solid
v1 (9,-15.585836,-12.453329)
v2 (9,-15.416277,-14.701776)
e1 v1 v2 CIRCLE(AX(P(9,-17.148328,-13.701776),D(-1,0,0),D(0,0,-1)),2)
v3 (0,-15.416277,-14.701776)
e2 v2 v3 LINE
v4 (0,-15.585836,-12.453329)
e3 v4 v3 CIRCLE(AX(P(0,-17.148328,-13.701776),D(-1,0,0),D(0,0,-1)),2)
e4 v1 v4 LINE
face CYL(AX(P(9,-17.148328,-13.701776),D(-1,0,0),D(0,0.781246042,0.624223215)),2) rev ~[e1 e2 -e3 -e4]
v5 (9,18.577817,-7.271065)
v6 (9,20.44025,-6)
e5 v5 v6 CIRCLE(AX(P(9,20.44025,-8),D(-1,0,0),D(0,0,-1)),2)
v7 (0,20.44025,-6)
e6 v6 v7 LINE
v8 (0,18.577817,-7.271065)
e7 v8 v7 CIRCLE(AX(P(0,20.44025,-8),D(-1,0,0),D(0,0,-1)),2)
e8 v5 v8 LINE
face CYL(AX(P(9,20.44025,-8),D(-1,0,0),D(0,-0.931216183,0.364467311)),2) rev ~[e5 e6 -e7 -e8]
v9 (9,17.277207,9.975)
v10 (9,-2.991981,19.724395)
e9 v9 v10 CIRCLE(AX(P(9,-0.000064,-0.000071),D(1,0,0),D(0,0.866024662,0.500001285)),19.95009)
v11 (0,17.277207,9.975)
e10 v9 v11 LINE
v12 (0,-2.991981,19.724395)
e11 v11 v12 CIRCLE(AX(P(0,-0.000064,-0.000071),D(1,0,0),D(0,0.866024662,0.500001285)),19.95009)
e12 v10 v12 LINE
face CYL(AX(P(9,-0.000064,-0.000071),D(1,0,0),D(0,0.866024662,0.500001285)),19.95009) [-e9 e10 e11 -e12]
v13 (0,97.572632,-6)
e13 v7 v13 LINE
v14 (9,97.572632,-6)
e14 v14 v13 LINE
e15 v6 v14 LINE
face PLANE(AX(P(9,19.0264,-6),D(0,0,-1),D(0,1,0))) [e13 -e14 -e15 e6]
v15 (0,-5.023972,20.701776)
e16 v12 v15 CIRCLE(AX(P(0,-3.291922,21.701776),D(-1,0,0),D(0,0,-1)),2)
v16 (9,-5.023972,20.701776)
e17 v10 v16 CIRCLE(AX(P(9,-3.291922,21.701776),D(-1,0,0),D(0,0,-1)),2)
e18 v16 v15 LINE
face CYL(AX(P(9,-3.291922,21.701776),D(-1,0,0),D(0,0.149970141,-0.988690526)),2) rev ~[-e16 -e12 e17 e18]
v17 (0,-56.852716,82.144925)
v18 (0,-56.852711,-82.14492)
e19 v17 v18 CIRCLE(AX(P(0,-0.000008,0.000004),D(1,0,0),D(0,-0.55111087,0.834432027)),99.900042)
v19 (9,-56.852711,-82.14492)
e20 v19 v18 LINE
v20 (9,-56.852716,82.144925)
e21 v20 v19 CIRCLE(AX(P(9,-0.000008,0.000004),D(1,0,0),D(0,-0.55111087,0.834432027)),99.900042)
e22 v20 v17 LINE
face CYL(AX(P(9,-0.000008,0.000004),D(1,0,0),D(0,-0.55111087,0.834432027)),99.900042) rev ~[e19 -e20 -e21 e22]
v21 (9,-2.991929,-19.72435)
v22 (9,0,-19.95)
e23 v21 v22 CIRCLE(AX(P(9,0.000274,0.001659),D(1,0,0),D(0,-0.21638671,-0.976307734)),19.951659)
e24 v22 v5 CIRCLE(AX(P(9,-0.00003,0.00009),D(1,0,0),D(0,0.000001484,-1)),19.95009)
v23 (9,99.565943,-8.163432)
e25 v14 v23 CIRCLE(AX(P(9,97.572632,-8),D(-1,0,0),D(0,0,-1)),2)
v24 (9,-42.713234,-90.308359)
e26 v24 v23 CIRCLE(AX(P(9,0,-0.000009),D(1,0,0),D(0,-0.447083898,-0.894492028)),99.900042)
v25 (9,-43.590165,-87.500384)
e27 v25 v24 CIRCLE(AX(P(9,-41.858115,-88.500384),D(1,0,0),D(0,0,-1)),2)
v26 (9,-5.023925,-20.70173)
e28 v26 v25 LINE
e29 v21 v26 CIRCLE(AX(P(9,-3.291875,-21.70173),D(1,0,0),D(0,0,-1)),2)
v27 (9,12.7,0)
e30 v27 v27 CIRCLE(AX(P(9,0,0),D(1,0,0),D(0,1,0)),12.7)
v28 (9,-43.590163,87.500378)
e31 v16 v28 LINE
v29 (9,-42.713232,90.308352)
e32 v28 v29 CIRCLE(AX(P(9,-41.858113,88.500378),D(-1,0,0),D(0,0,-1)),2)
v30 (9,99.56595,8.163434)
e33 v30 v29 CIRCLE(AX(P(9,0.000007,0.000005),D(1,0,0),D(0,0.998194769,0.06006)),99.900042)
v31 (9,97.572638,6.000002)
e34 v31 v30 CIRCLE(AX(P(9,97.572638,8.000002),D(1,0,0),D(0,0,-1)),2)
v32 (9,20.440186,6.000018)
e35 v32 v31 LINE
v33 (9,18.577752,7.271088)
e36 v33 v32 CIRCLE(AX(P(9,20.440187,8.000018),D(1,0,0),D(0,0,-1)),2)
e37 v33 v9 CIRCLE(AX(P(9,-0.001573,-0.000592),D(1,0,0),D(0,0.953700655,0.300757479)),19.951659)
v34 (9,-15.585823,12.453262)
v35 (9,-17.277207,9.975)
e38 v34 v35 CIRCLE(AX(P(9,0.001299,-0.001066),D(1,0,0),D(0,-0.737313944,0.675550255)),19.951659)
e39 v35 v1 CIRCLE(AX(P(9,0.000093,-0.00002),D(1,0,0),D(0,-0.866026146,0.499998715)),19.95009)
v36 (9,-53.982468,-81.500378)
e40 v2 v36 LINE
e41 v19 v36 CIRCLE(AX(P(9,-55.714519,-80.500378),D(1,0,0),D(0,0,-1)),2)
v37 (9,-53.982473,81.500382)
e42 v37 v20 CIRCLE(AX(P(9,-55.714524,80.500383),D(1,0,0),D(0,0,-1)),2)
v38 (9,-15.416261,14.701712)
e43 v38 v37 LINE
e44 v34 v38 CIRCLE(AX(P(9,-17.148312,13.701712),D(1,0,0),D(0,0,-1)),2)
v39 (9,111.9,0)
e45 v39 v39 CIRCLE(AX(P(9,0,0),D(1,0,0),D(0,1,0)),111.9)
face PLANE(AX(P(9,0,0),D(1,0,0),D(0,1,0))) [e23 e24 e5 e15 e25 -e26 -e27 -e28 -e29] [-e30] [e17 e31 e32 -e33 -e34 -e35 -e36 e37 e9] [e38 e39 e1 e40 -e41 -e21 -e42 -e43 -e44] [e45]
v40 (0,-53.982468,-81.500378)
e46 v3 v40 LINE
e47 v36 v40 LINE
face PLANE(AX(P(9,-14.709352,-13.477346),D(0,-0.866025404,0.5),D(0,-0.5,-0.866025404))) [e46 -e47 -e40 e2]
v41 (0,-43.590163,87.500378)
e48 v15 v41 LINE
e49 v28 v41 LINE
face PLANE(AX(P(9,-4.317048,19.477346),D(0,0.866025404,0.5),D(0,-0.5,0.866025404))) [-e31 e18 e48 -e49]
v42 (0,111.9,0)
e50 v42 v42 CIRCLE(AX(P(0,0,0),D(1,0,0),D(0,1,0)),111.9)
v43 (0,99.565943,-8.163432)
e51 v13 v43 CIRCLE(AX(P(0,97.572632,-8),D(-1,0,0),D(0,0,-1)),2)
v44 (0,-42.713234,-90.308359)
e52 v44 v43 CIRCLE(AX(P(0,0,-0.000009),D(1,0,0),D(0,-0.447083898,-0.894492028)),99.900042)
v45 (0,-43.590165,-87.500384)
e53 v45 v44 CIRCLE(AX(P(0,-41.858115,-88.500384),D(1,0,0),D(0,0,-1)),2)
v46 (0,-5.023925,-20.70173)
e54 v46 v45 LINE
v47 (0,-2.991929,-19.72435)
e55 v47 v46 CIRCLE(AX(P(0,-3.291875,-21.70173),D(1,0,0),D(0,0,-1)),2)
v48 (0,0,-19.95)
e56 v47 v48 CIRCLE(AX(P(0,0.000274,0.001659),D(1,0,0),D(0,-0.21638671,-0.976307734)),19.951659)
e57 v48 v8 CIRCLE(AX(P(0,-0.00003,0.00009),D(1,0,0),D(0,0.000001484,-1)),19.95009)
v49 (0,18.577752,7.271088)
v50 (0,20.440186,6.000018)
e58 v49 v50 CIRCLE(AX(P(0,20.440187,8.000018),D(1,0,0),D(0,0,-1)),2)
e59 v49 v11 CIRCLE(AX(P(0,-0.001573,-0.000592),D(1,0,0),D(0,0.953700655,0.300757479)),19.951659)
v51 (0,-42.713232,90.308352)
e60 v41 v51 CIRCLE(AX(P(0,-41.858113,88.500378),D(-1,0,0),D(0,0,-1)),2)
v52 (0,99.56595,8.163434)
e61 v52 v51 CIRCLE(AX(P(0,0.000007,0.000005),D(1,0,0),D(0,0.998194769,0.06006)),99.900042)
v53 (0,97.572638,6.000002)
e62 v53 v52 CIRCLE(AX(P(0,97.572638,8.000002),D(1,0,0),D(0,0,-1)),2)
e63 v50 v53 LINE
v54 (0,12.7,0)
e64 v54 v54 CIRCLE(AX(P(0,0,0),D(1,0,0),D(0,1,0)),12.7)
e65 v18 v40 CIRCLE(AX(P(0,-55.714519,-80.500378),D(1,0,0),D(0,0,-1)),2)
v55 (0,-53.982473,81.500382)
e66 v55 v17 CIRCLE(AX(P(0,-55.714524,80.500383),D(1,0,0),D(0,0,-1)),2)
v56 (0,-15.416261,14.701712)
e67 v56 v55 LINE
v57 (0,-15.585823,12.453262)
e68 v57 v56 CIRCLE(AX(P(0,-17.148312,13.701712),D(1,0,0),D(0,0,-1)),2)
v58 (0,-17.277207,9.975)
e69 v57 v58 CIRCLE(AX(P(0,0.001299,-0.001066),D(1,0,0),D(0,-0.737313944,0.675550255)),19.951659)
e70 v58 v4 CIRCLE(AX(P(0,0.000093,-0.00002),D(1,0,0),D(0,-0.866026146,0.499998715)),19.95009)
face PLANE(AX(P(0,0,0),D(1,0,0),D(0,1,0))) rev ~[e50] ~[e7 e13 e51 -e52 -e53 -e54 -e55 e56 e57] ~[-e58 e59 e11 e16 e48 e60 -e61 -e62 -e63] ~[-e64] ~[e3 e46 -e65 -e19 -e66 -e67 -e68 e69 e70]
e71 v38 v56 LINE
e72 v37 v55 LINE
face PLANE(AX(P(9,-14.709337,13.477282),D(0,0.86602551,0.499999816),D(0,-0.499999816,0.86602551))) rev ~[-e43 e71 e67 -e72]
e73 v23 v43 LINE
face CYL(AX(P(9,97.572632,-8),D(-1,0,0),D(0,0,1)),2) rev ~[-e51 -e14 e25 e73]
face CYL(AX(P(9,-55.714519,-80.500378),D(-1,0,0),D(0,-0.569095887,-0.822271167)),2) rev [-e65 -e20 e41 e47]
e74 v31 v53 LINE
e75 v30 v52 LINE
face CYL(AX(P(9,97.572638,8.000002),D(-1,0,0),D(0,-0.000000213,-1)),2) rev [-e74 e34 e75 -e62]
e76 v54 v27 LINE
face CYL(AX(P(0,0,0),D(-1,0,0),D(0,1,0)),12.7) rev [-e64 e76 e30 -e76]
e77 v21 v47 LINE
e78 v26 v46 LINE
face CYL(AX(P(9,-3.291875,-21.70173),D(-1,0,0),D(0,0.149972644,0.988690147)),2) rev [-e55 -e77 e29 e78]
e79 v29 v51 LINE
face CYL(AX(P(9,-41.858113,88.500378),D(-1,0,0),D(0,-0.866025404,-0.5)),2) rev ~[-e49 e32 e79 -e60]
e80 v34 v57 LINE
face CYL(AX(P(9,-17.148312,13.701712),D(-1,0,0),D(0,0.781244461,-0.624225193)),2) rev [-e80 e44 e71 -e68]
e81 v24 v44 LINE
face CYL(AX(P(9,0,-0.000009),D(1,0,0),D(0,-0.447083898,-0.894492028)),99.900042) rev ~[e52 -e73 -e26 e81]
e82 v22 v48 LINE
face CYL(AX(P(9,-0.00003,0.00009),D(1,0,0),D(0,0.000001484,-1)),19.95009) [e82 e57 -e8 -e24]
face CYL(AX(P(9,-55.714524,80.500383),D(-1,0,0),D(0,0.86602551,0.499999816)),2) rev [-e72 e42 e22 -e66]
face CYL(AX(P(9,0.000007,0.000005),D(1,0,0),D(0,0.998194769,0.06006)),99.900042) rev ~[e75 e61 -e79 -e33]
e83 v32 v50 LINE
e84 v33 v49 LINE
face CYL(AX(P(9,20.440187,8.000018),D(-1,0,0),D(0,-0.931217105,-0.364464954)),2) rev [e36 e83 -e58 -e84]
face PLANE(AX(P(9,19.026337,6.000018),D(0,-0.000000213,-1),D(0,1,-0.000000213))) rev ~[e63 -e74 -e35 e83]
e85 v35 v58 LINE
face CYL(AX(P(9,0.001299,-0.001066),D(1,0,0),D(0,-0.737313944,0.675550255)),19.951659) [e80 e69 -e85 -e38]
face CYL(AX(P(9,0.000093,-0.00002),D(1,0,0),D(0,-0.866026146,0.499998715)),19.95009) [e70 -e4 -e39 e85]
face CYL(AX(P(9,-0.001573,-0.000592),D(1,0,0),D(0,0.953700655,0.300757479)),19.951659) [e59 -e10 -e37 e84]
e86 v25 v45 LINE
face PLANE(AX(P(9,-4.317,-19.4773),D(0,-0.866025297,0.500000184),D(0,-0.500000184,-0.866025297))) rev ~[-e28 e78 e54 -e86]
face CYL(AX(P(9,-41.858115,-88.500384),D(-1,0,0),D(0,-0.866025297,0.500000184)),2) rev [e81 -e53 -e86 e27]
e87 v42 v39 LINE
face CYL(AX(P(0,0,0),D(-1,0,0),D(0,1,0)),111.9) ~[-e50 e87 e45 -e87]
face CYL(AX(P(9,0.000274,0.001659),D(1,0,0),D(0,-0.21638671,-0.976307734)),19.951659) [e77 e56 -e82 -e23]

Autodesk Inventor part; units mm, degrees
ref_plane "YZ Plane" through (0, 0, 0) normal (1, 0, 0) x (0, 1, 0)
ref_plane "XZ Plane" through (0, 0, 0) normal (0, 1, 0) x (-1, 0, 0)
ref_plane "XY Plane" through (0, 0, 0) normal (0, 0, 1) x (1, 0, 0)
sketch "Sketch1" plane through (0, 0, 0) normal (1, 0, 0) x (0, 1, 0)
  circle A0 centre (0, 0) radius 12.7
  circle A1 centre (0, 0) radius 111.9
  dimension "D_eje" = 25.4
  dimension "d1" = 223.8
extrude "Extrusion1" add sketch "Sketch1" along normal blind 9
sketch "Sketch2" plane through (9, 0, 0) normal (1, 0, 0) x (0, 0, -1)
  line L0 (6, 19.0264) -> (6, 99.7197)
  line L1 (0, -188.1875) -> (0, 173.8632) construction
  arc A0 (0, 19.95) -> (-13.4773, 14.7093) centre (0, 0) ccw construction
  circle A1 centre (0, 0) radius 12.7 construction
  arc A2 (0, 99.9) -> (86.5159, -49.95) centre (0, 0) ccw construction
  line L2 (181.1282, 0) -> (-189.3983, 0) construction
  arc A3 (6, 19.0264) -> (0, 19.95) centre (0, 0) ccw construction
  arc A4 (-19.95, 0) -> (0, -19.95) centre (0, 0) ccw construction
  arc A5 (0, -19.95) -> (17.2772, -9.975) centre (0, 0) ccw construction
  arc A6 (19.95, 0) -> (6, 19.0264) centre (0, 0) ccw
  line L3 (0, 0) -> (86.5159, -49.95) construction
  line L4 (19.4773, -4.317) -> (89.3598, -44.6637)
  arc A7 (-13.4773, 14.7093) -> (-19.95, 0) centre (0, 0) ccw construction
  arc A8 (19.4773, -4.317) -> (19.95, 0) centre (0, 0) ccw
  arc A9 (17.2772, -9.975) -> (19.4773, -4.317) centre (0, 0) ccw construction
  arc A10 (6, 99.7197) -> (0, 99.9) centre (0, 0) ccw construction
  arc A11 (86.5159, -49.95) -> (89.3598, -44.6637) centre (0, 0) ccw construction
  arc A12 (89.3598, -44.6637) -> (6, 99.7197) centre (0, 0) ccw
  line L5 (-19.4773, -4.317) -> (-89.3598, -44.6637)
  arc A13 (-6, 99.7197) -> (-89.3598, -44.6637) centre (0, 0) ccw
  line L6 (-6, 19.0264) -> (-6, 99.7197)
  arc A14 (-9.975, 17.2772) -> (-19.4773, -4.317) centre (0, 0) ccw
  line L7 (13.4773, -14.7093) -> (83.3598, -55.056)
  arc A15 (-83.3598, -55.056) -> (83.3598, -55.056) centre (0, 0) ccw
  line L8 (-13.4773, -14.7093) -> (-83.3598, -55.056)
  arc A16 (-9.975, -17.2772) -> (13.4773, -14.7093) centre (0, 0) ccw
  point P0 (-6, -19.0264)
  point P1 (19.4773, 4.317)
  dimension "d4" = 6
  dimension "d7" = 39.9
  dimension "d8" = 199.8
  dimension "d10" = 120
  dimension "d11" = 6
  dimension "d14" = 360
extrude "Extrusion2" cut sketch "Sketch2" against normal blind 9
pattern_circular "Circular Pattern1" count 3 over 360 about axis through (-10, 0, 0) along (1, 0, 0) of "Extrusion2"
fillet "Fillet1" radius 2 12 edges at (4.5, -14.7093, -13.4773) (4.5, -14.7093, 13.4773) (4.5, -55.056, 83.3598) (4.5, -55.056, -83.3598) (4.5, -44.6637, -89.3598) (4.5, 99.7197, -6) (4.5, -4.317, -19.4773) (4.5, 19.0264, -6) (4.5, 19.0264, 6) (4.5, -4.317, 19.4773) (4.5, 99.7197, 6) (4.5, -44.6637, 89.3598)
properties part number "Rueda_triciclo" material "Aluminum 6061"
